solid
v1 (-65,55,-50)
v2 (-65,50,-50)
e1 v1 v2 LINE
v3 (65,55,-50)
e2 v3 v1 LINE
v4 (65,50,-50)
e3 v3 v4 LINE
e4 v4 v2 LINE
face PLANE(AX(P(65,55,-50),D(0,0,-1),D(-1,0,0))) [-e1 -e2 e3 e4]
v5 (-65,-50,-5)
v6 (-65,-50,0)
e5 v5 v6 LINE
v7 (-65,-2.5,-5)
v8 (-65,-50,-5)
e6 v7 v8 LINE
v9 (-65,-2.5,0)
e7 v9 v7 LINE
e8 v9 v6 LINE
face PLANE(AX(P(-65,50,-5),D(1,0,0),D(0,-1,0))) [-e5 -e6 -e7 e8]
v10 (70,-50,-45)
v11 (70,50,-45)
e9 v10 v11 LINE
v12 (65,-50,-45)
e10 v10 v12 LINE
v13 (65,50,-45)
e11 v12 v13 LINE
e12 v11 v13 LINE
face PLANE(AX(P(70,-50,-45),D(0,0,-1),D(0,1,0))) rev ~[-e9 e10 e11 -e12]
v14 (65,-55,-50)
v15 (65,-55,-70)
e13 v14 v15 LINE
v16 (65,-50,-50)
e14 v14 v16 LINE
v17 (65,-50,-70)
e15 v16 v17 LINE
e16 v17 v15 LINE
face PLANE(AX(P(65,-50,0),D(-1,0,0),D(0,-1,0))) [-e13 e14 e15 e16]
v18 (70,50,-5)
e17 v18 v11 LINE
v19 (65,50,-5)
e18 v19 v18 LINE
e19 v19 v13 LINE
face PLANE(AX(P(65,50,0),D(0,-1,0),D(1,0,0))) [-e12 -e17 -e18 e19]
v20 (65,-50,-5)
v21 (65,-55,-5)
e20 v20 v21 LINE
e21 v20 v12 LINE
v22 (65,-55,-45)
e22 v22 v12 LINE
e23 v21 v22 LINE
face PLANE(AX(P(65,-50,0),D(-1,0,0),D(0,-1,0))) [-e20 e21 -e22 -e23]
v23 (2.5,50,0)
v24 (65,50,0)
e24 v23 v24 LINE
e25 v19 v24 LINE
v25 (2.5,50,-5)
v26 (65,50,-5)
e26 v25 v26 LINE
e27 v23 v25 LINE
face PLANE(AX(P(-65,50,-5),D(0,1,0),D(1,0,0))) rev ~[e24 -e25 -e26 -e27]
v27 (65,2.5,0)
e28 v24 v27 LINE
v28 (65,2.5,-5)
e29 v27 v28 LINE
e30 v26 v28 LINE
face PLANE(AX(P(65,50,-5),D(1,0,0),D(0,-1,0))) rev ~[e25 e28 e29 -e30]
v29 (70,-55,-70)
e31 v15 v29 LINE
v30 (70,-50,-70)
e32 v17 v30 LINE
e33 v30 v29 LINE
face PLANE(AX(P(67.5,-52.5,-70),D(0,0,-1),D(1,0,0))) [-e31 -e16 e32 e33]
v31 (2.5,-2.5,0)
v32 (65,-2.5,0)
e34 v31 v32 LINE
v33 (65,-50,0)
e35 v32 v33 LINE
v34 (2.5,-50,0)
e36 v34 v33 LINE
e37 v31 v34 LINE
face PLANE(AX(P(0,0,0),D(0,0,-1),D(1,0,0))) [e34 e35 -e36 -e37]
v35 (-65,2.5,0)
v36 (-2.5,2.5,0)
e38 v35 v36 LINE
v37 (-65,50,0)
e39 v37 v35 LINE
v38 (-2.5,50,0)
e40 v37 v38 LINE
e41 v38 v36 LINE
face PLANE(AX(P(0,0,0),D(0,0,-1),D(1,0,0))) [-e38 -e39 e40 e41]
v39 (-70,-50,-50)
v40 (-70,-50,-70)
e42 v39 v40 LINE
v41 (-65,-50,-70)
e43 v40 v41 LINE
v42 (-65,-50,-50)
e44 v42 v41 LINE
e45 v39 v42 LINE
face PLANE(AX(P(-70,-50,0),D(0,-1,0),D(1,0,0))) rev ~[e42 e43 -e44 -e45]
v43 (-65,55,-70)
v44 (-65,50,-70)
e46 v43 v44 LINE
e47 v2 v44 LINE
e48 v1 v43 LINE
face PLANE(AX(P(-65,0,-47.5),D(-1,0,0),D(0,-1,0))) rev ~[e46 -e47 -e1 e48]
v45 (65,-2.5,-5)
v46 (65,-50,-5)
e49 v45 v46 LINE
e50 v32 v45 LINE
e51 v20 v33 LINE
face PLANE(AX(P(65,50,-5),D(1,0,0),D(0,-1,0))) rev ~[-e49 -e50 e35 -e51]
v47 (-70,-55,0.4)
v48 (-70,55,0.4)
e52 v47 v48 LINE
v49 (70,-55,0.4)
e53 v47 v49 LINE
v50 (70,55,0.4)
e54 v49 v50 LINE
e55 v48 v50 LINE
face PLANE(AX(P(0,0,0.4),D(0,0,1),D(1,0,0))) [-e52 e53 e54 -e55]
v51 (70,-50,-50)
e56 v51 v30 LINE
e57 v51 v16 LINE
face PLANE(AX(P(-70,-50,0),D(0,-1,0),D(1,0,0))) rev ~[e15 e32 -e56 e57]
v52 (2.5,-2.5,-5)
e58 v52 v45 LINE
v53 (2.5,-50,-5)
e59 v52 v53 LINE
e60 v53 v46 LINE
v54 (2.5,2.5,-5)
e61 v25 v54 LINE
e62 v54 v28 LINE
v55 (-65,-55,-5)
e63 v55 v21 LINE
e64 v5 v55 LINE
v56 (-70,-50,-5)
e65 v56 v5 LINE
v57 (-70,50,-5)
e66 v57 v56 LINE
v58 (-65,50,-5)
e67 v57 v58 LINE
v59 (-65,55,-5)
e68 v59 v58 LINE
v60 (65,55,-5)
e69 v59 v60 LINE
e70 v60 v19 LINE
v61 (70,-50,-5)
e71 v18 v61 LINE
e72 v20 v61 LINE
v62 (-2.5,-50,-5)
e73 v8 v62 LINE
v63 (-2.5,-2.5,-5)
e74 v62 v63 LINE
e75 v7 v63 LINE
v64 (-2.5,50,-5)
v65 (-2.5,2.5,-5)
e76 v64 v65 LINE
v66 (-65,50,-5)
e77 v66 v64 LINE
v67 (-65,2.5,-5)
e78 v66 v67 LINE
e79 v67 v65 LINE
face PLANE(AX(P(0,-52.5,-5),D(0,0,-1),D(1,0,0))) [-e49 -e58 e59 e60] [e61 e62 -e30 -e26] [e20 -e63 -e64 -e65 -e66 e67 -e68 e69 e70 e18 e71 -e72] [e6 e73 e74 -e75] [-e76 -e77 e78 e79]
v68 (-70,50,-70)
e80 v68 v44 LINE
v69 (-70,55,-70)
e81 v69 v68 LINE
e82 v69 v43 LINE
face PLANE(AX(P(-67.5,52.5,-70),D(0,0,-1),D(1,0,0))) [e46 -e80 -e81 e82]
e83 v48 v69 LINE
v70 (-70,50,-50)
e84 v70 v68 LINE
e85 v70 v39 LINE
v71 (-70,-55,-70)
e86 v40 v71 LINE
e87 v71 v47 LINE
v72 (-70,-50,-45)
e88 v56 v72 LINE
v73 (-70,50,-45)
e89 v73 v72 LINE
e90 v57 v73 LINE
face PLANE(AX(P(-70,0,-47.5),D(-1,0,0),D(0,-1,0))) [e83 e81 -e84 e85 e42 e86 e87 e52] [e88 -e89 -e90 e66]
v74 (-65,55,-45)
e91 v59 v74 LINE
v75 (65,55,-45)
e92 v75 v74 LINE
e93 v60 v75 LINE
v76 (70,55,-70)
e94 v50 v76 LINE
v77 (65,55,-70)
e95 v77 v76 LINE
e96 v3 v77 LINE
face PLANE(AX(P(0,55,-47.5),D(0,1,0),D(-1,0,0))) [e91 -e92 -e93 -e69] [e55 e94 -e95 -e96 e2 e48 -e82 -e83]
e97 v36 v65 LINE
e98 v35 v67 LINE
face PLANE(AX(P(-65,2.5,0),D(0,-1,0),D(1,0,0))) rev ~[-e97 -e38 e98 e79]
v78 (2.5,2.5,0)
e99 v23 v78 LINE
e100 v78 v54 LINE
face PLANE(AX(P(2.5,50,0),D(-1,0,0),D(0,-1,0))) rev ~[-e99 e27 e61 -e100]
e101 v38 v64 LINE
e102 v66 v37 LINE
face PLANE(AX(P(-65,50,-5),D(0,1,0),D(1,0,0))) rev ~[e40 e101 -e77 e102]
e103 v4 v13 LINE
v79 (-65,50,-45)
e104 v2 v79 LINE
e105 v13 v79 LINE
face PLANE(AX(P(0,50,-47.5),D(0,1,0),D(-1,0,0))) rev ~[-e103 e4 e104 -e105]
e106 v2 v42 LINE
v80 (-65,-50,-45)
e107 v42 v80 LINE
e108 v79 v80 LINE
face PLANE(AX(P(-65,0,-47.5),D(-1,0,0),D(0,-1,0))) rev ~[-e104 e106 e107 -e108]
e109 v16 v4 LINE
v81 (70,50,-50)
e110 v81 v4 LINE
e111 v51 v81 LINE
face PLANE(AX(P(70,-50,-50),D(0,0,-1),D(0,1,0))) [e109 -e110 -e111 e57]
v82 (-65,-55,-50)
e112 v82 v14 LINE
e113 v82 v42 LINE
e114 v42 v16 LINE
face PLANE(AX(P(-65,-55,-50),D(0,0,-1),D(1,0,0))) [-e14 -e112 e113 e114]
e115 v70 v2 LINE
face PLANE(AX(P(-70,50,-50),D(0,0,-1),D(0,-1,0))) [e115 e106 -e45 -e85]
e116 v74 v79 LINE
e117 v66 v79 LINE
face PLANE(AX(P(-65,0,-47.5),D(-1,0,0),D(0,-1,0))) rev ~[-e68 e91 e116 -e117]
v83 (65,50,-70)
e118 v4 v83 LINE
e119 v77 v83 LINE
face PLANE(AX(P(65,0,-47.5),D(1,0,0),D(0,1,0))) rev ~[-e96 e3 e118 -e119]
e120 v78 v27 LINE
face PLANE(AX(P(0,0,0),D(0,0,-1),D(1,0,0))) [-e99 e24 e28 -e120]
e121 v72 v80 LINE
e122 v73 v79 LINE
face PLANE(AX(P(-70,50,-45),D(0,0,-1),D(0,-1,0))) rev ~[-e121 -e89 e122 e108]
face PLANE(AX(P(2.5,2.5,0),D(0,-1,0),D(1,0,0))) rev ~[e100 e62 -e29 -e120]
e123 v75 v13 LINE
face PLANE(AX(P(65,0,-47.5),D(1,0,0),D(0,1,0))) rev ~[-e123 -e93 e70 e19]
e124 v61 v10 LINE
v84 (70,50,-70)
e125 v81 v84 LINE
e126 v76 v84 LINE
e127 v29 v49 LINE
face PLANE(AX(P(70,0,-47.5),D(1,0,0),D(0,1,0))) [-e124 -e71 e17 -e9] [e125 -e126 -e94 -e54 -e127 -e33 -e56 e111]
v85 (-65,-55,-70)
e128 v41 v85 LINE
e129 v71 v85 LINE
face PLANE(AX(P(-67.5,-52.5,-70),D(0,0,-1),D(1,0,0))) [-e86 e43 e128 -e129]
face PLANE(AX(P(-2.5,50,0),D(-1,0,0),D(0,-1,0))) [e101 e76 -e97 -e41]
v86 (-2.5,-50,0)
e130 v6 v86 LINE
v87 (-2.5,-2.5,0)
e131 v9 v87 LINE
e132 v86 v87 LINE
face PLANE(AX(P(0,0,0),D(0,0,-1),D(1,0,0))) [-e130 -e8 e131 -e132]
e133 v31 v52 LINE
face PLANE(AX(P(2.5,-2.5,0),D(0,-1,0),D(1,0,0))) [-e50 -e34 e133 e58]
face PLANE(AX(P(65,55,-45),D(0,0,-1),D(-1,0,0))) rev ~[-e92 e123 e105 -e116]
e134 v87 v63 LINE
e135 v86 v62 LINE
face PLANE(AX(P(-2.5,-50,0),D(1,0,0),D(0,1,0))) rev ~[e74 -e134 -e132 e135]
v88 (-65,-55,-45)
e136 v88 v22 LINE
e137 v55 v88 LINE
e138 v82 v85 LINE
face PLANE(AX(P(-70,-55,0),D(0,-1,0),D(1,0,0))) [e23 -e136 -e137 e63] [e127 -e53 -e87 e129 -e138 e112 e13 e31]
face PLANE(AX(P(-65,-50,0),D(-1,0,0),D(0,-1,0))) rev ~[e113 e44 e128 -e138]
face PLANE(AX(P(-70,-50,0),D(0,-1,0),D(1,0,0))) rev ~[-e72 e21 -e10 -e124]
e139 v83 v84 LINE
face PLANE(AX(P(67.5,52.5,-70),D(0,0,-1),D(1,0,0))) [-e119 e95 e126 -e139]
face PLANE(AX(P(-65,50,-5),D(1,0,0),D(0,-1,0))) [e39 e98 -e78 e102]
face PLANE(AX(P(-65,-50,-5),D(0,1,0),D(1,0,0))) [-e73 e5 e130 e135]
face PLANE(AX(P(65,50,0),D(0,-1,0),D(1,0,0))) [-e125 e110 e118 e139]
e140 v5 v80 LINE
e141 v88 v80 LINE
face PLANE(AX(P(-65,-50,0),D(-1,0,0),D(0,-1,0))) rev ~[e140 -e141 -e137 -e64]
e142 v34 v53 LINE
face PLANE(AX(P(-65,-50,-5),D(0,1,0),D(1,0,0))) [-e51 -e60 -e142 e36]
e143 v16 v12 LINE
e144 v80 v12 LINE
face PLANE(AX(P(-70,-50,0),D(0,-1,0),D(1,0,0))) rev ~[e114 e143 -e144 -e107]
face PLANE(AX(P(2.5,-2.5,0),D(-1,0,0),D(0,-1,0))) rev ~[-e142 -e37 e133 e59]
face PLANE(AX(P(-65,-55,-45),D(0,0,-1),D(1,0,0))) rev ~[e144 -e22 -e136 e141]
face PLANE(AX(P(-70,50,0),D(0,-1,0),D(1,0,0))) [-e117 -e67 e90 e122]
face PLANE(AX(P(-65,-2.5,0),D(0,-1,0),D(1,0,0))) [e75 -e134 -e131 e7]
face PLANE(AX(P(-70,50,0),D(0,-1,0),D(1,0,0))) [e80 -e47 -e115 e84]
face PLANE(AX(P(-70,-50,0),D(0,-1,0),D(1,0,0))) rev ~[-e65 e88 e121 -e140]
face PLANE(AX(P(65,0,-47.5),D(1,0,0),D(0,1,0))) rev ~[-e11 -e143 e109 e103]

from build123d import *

# Parameters (mm, degrees)
F0_W      = 140
F0_H      = 110
F1_DEPTH  = 0.4
F2_W      = 5
F2_H      = 5
F3_DEPTH  = 70
F4_W      = 130
F4_H      = 5
F4_W_2    = 5
F4_H_2    = 100
F5_DEPTH  = 5
F6_W      = 130
F6_H      = 100
F7_DEPTH  = 5
F8_W      = 5
F8_H      = 47.5
F8_W_2    = 62.5
F8_H_2    = 5
F9_DEPTH  = 5
F10_W     = 130
F10_H     = 5
F11_DEPTH = 5
F12_W     = 100
F12_H     = 5
F13_DEPTH = 5
F14_W     = 100
F14_H     = 5
F15_DEPTH = 5
F16_W     = 130
F16_H     = 5
F17_DEPTH = 5


with BuildPart() as f1:
    # F0 (on Top) → F1 (new body)
    with BuildSketch(Plane.XY):
        Rectangle(F0_W, F0_H)
    extrude(amount=F1_DEPTH)

    # F2 (on face) → F3 (join)
    with BuildSketch(Plane(origin=(0, 0, 0), x_dir=(1, 0, 0), z_dir=(0, 0, -1))):
        with Locations((-67.5, 52.5)):
            Rectangle(F2_W, F2_H)
        with Locations((-67.5, -52.5)):
            Rectangle(F2_W, F2_H)
        with Locations((67.5, 52.5)):
            Rectangle(F2_W, F2_H)
        with Locations((67.5, -52.5)):
            Rectangle(F2_W, F2_H)
    extrude(amount=F3_DEPTH)

    # F4 (on face) → F5 (join)
    with BuildSketch(Plane(origin=(0, 0, 0), x_dir=(1, 0, 0), z_dir=(0, 0, -1))):
        with Locations((0, 52.5)):
            Rectangle(F4_W, F4_H)
        with Locations((-67.5, 0)):
            Rectangle(F4_W_2, F4_H_2)
        Rectangle(F4_W, F4_H_2)
        with Locations((67.5, 0)):
            Rectangle(F4_W_2, F4_H_2)
        with Locations((0, -52.5)):
            Rectangle(F4_W, F4_H)
    extrude(amount=F5_DEPTH)

    # F6 (on face) → F7 (cut)
    with BuildSketch(Plane(origin=(0, 0, -5), x_dir=(1, 0, 0), z_dir=(0, 0, -1))):
        Rectangle(F6_W, F6_H)
    extrude(amount=-F7_DEPTH, mode=Mode.SUBTRACT)

    # F8 (on face) → F9 (join)
    with BuildSketch(Plane(origin=(0, 0, 0), x_dir=(1, 0, 0), z_dir=(0, 0, -1))):
        with Locations((0, 26.25)):
            Rectangle(F8_W, F8_H)
        with Locations((33.75, 0)):
            Rectangle(F8_W_2, F8_H_2)
        Rectangle(F8_W, F8_H_2)
        with Locations((-33.75, 0)):
            Rectangle(F8_W_2, F8_H_2)
        with Locations((0, -26.25)):
            Rectangle(F8_W, F8_H)
    extrude(amount=F9_DEPTH)

    # F10 (on face) → F11 (join)
    with BuildSketch(Plane.XZ.offset(55)):
        with Locations((0, -47.5)):
            Rectangle(F10_W, F10_H)
    extrude(amount=-F11_DEPTH)

    # F12 (on face) → F13 (join)
    with BuildSketch(Plane.YZ.offset(70)):
        with Locations((0, -47.5)):
            Rectangle(F12_W, F12_H)
    extrude(amount=-F13_DEPTH)

    # F14 (on face) → F15 (join)
    with BuildSketch(Plane(origin=(-70, 0, 0), x_dir=(0, -1, 0), z_dir=(-1, 0, 0))):
        with Locations((0, -47.5)):
            Rectangle(F14_W, F14_H)
    extrude(amount=-F15_DEPTH)

    # F16 (on face) → F17 (join)
    with BuildSketch(Plane(origin=(0, 55, 0), x_dir=(-1, 0, 0), z_dir=(0, 1, 0))):
        with Locations((0, -47.5)):
            Rectangle(F16_W, F16_H)
    extrude(amount=-F17_DEPTH)


solid = f1.part
